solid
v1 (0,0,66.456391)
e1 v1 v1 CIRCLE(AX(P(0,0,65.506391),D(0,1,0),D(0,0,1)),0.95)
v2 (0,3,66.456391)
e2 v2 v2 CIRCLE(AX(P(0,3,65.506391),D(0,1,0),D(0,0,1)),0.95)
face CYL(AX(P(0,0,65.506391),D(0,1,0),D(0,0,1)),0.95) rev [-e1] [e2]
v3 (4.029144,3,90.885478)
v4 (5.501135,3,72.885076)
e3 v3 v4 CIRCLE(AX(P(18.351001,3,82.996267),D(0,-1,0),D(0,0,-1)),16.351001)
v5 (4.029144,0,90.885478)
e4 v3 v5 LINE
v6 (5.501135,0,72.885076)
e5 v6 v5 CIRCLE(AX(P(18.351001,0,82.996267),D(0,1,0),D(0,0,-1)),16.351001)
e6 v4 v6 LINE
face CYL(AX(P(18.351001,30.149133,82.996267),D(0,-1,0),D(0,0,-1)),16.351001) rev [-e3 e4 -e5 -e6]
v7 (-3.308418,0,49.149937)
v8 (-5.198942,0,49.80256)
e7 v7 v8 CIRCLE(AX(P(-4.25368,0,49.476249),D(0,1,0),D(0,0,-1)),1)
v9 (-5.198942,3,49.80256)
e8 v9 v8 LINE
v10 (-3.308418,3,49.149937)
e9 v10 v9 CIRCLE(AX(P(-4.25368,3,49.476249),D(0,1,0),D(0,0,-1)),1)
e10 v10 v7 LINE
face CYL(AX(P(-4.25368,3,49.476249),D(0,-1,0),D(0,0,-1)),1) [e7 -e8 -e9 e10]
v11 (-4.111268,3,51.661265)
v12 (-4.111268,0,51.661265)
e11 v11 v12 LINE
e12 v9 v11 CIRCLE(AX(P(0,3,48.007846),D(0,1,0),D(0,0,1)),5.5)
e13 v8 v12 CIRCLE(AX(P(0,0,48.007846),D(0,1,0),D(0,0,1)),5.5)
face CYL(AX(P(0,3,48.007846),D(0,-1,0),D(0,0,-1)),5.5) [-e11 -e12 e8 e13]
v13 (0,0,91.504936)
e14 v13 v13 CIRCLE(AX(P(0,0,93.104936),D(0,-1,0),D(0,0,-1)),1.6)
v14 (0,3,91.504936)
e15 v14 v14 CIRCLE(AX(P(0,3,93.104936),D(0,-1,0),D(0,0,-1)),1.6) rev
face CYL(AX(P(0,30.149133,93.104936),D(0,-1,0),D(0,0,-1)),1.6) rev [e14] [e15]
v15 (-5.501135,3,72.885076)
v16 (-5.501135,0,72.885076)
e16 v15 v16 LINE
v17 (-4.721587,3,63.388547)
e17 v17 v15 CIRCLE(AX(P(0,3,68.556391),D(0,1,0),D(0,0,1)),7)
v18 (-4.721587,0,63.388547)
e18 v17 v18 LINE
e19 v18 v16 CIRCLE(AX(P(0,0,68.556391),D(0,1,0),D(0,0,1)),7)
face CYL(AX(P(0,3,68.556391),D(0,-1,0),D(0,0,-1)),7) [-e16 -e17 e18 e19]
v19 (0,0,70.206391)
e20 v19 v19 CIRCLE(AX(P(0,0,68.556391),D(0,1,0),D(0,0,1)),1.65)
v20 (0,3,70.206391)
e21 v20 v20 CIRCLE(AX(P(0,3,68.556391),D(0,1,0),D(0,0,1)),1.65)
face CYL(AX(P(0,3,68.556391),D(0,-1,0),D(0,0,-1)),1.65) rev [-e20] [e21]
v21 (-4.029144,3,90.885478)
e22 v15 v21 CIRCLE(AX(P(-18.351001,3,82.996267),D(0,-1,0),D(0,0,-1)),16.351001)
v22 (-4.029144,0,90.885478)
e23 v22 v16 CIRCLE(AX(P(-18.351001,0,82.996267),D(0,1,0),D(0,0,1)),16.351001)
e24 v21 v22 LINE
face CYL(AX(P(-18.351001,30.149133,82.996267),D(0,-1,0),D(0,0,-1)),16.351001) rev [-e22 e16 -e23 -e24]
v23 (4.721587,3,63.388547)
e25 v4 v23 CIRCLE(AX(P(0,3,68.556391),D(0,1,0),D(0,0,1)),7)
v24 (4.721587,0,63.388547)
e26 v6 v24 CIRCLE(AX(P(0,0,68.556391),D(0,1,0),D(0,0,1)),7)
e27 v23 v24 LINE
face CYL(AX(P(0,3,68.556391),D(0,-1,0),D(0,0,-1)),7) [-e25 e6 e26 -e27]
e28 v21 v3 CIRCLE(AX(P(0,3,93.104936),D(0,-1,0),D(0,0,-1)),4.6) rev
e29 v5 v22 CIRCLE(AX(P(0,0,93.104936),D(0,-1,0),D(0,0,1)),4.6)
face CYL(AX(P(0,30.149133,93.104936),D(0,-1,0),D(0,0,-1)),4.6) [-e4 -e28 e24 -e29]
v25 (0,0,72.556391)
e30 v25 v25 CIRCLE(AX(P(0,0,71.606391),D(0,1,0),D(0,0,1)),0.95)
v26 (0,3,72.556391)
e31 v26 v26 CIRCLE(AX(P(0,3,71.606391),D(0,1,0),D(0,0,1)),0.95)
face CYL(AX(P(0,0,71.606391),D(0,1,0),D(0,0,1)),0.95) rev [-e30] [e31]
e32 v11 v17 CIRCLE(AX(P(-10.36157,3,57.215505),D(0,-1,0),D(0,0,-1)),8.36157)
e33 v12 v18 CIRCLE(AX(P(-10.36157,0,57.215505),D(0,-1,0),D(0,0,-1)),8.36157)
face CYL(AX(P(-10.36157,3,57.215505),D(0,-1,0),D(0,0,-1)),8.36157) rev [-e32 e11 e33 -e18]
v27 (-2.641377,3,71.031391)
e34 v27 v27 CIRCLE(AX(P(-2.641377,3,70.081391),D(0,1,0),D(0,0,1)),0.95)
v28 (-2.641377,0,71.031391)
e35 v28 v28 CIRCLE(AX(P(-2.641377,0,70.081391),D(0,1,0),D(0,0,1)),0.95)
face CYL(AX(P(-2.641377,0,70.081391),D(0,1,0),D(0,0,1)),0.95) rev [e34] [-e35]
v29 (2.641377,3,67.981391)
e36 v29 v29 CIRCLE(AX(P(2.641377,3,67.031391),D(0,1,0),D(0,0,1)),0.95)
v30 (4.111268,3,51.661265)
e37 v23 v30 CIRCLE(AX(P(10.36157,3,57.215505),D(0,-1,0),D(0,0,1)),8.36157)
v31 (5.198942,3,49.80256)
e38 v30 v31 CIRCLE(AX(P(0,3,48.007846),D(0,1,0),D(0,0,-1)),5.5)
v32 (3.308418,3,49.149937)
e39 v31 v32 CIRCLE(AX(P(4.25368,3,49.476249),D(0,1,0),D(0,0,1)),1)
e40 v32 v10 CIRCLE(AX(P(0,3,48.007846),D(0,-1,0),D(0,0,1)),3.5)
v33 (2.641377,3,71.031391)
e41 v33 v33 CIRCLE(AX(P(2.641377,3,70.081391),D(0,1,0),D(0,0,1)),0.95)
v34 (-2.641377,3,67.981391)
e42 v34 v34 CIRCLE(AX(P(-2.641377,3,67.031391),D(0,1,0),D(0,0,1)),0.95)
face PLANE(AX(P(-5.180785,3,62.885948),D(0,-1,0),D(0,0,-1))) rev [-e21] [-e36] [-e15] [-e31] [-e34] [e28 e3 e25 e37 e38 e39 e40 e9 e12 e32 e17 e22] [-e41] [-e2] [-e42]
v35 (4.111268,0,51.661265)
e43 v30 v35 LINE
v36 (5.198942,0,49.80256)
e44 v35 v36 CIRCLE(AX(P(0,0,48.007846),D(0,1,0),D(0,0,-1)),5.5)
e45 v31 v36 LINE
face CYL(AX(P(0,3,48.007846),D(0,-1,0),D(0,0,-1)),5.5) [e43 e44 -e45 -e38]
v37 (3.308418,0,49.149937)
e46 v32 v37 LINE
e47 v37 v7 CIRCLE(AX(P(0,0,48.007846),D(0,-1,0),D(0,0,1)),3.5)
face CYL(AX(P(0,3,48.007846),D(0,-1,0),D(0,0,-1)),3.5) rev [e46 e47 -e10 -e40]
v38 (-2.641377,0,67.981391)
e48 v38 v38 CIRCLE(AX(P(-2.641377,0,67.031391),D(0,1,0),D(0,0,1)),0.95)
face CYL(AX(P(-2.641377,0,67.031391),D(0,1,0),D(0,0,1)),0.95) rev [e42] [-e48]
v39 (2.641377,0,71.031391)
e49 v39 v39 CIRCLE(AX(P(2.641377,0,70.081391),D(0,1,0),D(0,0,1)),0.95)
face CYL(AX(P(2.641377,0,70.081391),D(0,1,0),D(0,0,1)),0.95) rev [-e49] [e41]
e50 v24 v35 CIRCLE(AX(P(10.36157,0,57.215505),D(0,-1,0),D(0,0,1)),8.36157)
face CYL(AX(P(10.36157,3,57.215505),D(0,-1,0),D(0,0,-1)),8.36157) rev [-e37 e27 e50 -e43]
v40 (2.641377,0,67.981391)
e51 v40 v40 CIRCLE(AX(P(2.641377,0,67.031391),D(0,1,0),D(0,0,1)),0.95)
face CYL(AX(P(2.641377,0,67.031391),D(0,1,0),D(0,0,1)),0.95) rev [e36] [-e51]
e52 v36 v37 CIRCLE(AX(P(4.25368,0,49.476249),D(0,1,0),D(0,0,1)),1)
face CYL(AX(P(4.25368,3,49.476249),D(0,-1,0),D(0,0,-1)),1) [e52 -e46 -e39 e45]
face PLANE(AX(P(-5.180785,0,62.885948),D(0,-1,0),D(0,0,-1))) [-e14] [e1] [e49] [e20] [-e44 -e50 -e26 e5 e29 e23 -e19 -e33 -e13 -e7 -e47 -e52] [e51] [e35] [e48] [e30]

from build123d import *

# Parameters (mm, degrees)
SKETCH1_R           = 1.65
BOSS_EXTRUDE1_DEPTH = 3
SKETCH2_R           = 1.6
BOSS_EXTRUDE2_DEPTH = 3
SKETCH3_R           = 0.95
CUT_EXTRUDE1_DEPTH  = 99.001298809


with BuildPart() as part:
    # Sketch1 → Boss-Extrude1 (new body)
    with BuildSketch(Plane(origin=(0, 0, 0), x_dir=(1, 0, 0), z_dir=(0, 1, 0))):
        with BuildLine():
            ThreePointArc((-4.721587007, -63.38854654), (0, -75.556390977), (4.721587007, -63.38854654))
            ThreePointArc((4.721587007, -63.38854654), (2.011300437, -57.650074902), (4.111268391, -51.661264952))
            ThreePointArc((4.111268391, -51.661264952), (4.746967497, -50.785668514), (5.198942096, -49.802560464))
            ThreePointArc((5.198942096, -49.802560464), (4.579991672, -48.53098649), (3.308417698, -49.149936914))
            ThreePointArc((3.308417698, -49.149936914), (0, -51.507845701), (-3.308417698, -49.149936914))
            ThreePointArc((-3.308417698, -49.149936914), (-4.579991672, -48.53098649), (-5.198942096, -49.802560464))
            ThreePointArc((-5.198942096, -49.802560464), (-4.746967497, -50.785668514), (-4.111268391, -51.661264952))
            ThreePointArc((-4.111268391, -51.661264952), (-2.011300437, -57.650074902), (-4.721587007, -63.38854654))
        make_face()
        with Locations(Location((0, -68.556390977, 0), (0, 0, 270))):
            Circle(SKETCH1_R, mode=Mode.SUBTRACT)
    extrude(amount=BOSS_EXTRUDE1_DEPTH)

    # Sketch2 → Boss-Extrude2 (add)
    with BuildSketch(Plane.XZ):
        with BuildLine():
            ThreePointArc((-4.029144211, 90.885477552), (0, 97.704936254), (4.029144211, 90.885477552))
            ThreePointArc((4.029144211, 90.885477552), (2.054398705, 81.663604808), (5.501134896, 72.885076096))
            ThreePointArc((5.501134896, 72.885076096), (0, 75.556390977), (-5.501134896, 72.885076096))
            ThreePointArc((-5.501134896, 72.885076096), (-2.054398705, 81.663604808), (-4.029144211, 90.885477552))
        make_face()
        with Locations(Location((0, 93.104936254, 0), (0, 0, 270))):
            Circle(SKETCH2_R, mode=Mode.SUBTRACT)
    extrude(amount=-BOSS_EXTRUDE2_DEPTH)

    # Sketch3 → Cut-Extrude1 (cut, through all)
    with BuildSketch(Plane(origin=(0, 3, 0), x_dir=(1, 0, 0), z_dir=(0, 1, 0))):
        with Locations(Location((0, -65.506390977, 0), (0, 0, 270))):
            Circle(SKETCH3_R)
        with Locations(Location((2.641377482, -67.031390977, 0), (0, 0, 270))):
            Circle(SKETCH3_R)
        with Locations(Location((2.641377482, -70.081390977, 0), (0, 0, 270))):
            Circle(SKETCH3_R)
        with Locations(Location((0, -71.606390977, 0), (0, 0, 270))):
            Circle(SKETCH3_R)
        with Locations(Location((-2.641377482, -70.081390977, 0), (0, 0, 270))):
            Circle(SKETCH3_R)
        with Locations(Location((-2.641377482, -67.031390977, 0), (0, 0, 270))):
            Circle(SKETCH3_R)
    extrude(amount=-CUT_EXTRUDE1_DEPTH, mode=Mode.SUBTRACT)


solid = part.part
